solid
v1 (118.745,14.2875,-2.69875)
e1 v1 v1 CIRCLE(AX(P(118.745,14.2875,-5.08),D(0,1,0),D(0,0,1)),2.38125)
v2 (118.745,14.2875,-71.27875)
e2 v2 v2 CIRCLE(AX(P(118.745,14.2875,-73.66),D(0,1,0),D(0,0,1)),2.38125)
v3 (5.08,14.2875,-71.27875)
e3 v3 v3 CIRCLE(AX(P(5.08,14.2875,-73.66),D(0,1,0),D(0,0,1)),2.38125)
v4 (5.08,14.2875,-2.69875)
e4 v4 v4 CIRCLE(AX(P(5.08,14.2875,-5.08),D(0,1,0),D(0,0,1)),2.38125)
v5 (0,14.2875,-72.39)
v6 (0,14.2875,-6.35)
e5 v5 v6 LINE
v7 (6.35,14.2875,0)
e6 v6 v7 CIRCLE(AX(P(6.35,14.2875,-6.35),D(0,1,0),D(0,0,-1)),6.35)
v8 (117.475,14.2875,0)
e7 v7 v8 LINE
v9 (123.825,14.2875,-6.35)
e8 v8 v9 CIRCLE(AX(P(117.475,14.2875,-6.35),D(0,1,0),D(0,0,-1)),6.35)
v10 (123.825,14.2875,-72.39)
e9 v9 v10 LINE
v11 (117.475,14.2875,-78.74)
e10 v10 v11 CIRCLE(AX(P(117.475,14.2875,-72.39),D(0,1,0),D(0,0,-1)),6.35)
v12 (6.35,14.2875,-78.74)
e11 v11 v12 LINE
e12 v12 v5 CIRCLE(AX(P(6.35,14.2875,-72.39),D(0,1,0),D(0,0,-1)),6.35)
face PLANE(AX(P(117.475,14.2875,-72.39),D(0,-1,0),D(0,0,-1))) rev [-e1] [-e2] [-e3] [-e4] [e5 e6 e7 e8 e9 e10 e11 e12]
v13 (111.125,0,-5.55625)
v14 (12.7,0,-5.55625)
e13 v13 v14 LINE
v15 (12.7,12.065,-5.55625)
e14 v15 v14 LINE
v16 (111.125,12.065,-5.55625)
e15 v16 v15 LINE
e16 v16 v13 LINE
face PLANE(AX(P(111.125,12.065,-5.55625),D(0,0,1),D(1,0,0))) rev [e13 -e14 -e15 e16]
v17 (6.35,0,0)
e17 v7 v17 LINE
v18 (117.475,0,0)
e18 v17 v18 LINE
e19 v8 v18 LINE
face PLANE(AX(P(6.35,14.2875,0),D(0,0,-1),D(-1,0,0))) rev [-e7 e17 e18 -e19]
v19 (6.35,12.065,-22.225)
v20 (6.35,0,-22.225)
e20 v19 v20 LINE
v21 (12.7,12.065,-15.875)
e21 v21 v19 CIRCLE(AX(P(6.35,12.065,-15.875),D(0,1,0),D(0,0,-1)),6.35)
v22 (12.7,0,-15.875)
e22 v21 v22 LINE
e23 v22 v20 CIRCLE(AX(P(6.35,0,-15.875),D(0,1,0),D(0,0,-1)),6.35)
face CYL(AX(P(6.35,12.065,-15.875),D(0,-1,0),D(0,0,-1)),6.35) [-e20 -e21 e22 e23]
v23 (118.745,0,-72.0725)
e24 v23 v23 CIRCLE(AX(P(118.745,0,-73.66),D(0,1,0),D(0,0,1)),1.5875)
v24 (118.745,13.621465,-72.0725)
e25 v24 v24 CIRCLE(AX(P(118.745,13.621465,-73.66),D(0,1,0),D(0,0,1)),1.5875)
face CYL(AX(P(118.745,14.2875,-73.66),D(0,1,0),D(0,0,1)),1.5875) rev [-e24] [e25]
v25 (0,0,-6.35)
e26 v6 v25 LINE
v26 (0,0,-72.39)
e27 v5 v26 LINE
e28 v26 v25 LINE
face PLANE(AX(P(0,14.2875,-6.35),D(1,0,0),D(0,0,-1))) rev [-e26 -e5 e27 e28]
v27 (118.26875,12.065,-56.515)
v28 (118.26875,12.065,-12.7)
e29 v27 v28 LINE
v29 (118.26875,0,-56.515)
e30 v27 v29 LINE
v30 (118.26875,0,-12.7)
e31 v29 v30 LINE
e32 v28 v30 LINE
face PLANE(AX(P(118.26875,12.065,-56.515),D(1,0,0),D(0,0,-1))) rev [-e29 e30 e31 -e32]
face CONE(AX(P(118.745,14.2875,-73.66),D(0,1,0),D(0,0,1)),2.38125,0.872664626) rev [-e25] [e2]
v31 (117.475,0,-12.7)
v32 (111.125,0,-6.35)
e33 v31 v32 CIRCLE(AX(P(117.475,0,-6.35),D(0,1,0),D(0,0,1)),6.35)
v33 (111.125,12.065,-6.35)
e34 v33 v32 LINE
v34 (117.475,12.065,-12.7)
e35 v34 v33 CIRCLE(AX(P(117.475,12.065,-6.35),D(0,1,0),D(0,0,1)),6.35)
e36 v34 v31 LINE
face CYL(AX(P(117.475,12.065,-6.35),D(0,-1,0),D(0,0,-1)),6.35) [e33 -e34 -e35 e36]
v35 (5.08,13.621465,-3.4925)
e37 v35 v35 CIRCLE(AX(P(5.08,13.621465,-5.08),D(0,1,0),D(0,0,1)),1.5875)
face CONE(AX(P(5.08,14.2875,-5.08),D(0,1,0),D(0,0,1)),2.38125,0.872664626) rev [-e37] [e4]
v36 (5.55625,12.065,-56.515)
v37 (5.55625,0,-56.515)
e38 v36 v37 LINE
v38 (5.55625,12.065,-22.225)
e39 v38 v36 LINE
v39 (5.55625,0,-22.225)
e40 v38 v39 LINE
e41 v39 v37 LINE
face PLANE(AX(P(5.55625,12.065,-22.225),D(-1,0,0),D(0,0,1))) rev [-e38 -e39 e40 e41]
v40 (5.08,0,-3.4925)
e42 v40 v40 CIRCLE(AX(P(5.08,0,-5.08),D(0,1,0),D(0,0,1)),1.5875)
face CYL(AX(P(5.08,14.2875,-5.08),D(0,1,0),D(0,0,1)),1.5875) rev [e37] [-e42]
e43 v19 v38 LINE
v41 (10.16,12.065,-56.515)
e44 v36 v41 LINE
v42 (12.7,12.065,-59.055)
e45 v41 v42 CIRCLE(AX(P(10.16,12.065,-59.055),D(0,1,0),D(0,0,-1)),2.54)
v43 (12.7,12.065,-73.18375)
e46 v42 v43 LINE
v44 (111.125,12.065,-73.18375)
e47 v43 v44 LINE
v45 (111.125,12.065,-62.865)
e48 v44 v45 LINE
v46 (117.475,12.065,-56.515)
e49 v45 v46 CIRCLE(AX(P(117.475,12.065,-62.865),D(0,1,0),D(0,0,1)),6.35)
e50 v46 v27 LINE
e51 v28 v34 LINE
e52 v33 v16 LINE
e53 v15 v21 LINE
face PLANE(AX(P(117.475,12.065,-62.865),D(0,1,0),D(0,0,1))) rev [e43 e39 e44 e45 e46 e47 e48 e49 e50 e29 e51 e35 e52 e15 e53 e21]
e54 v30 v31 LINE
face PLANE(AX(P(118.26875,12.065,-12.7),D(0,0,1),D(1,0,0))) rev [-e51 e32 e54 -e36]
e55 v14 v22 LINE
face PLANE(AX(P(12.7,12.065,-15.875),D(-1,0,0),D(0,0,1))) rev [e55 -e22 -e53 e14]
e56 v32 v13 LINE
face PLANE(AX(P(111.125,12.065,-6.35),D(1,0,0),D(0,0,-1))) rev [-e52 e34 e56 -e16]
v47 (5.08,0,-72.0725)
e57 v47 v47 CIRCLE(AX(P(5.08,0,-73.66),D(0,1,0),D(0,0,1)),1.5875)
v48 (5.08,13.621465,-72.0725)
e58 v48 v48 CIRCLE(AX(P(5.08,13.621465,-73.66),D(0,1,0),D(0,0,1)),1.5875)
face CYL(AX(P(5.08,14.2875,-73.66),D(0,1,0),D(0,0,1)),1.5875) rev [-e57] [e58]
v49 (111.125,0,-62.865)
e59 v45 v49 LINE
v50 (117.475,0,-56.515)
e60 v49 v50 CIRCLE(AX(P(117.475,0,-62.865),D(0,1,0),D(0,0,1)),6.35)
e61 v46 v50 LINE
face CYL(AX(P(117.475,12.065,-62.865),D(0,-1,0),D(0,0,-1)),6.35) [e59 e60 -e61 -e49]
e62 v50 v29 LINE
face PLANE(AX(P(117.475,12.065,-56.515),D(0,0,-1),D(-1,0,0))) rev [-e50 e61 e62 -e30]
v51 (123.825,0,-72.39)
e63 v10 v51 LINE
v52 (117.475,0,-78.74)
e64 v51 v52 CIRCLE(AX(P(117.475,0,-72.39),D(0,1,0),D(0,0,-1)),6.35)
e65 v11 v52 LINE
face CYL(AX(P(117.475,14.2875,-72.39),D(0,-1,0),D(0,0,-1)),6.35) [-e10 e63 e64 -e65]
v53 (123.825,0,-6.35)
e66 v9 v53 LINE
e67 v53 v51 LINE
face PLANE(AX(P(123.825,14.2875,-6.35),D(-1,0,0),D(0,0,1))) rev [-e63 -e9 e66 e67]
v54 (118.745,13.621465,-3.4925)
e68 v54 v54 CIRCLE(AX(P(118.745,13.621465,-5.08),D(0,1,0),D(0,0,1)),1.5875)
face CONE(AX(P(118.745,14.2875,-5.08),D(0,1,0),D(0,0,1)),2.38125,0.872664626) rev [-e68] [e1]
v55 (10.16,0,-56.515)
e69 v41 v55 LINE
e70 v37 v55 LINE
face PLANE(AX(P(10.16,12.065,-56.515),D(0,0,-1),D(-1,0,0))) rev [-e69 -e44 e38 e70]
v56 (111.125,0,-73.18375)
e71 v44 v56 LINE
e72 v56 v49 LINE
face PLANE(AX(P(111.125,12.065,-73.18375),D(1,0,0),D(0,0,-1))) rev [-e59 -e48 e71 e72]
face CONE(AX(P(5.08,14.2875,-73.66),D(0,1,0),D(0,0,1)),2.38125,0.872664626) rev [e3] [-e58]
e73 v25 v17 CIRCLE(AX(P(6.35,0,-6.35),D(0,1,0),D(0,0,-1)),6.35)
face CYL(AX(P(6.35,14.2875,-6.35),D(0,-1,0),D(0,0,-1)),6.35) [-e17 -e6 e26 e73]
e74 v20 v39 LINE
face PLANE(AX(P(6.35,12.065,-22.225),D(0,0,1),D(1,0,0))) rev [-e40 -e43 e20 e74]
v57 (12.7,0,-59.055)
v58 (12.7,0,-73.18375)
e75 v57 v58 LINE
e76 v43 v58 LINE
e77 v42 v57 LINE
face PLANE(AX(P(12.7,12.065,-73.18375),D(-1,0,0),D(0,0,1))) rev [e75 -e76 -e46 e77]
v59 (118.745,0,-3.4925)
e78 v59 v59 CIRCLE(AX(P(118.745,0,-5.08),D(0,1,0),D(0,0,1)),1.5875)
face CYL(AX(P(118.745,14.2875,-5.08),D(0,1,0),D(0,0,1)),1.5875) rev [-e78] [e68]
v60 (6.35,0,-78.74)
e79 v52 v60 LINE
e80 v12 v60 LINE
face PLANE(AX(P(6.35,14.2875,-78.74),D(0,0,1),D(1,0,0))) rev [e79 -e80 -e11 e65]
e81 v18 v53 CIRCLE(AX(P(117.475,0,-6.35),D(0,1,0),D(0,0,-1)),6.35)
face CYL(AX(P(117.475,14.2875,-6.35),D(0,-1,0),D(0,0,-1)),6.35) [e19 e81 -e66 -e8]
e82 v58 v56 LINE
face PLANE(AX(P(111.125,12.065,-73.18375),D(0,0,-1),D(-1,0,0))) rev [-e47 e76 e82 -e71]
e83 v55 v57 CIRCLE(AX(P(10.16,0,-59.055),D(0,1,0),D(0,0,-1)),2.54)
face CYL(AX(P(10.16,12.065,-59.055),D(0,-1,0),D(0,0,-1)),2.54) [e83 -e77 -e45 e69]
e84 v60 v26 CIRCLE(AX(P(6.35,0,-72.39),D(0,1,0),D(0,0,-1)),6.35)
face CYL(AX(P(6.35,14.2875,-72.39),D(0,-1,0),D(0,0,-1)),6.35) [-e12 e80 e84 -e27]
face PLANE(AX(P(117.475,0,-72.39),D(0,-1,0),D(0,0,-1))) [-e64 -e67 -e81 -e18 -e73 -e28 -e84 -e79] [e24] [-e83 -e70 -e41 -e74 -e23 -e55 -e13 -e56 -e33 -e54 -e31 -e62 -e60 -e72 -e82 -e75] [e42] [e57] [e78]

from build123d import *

# Parameters (mm, degrees)
BOSS_EXTRUDE1_DEPTH                    = 14.2875
F_97_0_0059_DIAMETER_HOLE1_D           = 3.175
F_97_0_0059_DIAMETER_HOLE1_CSINK_D     = 4.7625
F_97_0_0059_DIAMETER_HOLE1_CSINK_ANGLE = 100
CUT_EXTRUDE1_DEPTH                     = 12.065


with BuildPart() as part:
    # Sketch1 → Boss-Extrude1 (new body)
    with BuildSketch(Plane(origin=(0, 0, 0), x_dir=(1, 0, 0), z_dir=(0, 1, 0))):
        with BuildLine():
            Line((6.35, 0), (117.475, 0))
            ThreePointArc((117.475, 0), (121.965128061, 1.859871939), (123.825, 6.35))
            Line((123.825, 6.35), (123.825, 72.39))
            ThreePointArc((123.825, 72.39), (121.965128061, 76.880128061), (117.475, 78.74))
            Line((117.475, 78.74), (6.35, 78.74))
            ThreePointArc((6.35, 78.74), (1.859871939, 76.880128061), (0, 72.39))
            Line((0, 72.39), (0, 6.35))
            ThreePointArc((0, 6.35), (1.859871939, 1.859871939), (6.35, 0))
        make_face()
    extrude(amount=BOSS_EXTRUDE1_DEPTH)

    # #97 (0.0059) Diameter Hole1 (through all)
    with Locations(Plane(origin=(0, 14.2875, 0), x_dir=(1, 0, 0), z_dir=(0, 1, 0))):
        with Locations((5.08, 5.08), (5.08, 73.66), (118.745, 73.66), (118.745, 5.08)):
            CounterSinkHole(F_97_0_0059_DIAMETER_HOLE1_D / 2, F_97_0_0059_DIAMETER_HOLE1_CSINK_D / 2, counter_sink_angle=F_97_0_0059_DIAMETER_HOLE1_CSINK_ANGLE)

    # Sketch5 → Cut-Extrude1 (cut)
    with BuildSketch(Plane(origin=(0, 0, 0), x_dir=(-1, 0, 0), z_dir=(0, -1, 0))):
        with BuildLine():
            Line((-111.125, 73.18375), (-111.125, 62.865))
            ThreePointArc((-111.125, 62.865), (-112.984871939, 58.374871939), (-117.475, 56.515))
            Line((-117.475, 56.515), (-118.26875, 56.515))
            Line((-118.26875, 56.515), (-118.26875, 12.7))
            Line((-118.26875, 12.7), (-117.475, 12.7))
            ThreePointArc((-117.475, 12.7), (-112.984871939, 10.840128061), (-111.125, 6.35))
            Line((-111.125, 6.35), (-111.125, 5.55625))
            Line((-111.125, 5.55625), (-12.7, 5.55625))
            Line((-12.7, 5.55625), (-12.7, 15.875))
            ThreePointArc((-12.7, 15.875), (-10.840128061, 20.365128061), (-6.35, 22.225))
            Line((-6.35, 22.225), (-5.55625, 22.225))
            Line((-5.55625, 22.225), (-5.55625, 56.515))
            Line((-5.55625, 56.515), (-10.16, 56.515))
            ThreePointArc((-10.16, 56.515), (-11.956051224, 57.258948776), (-12.7, 59.055))
            Line((-12.7, 59.055), (-12.7, 73.18375))
            Line((-12.7, 73.18375), (-111.125, 73.18375))
        make_face()
    extrude(amount=-CUT_EXTRUDE1_DEPTH, mode=Mode.SUBTRACT)


solid = part.part
